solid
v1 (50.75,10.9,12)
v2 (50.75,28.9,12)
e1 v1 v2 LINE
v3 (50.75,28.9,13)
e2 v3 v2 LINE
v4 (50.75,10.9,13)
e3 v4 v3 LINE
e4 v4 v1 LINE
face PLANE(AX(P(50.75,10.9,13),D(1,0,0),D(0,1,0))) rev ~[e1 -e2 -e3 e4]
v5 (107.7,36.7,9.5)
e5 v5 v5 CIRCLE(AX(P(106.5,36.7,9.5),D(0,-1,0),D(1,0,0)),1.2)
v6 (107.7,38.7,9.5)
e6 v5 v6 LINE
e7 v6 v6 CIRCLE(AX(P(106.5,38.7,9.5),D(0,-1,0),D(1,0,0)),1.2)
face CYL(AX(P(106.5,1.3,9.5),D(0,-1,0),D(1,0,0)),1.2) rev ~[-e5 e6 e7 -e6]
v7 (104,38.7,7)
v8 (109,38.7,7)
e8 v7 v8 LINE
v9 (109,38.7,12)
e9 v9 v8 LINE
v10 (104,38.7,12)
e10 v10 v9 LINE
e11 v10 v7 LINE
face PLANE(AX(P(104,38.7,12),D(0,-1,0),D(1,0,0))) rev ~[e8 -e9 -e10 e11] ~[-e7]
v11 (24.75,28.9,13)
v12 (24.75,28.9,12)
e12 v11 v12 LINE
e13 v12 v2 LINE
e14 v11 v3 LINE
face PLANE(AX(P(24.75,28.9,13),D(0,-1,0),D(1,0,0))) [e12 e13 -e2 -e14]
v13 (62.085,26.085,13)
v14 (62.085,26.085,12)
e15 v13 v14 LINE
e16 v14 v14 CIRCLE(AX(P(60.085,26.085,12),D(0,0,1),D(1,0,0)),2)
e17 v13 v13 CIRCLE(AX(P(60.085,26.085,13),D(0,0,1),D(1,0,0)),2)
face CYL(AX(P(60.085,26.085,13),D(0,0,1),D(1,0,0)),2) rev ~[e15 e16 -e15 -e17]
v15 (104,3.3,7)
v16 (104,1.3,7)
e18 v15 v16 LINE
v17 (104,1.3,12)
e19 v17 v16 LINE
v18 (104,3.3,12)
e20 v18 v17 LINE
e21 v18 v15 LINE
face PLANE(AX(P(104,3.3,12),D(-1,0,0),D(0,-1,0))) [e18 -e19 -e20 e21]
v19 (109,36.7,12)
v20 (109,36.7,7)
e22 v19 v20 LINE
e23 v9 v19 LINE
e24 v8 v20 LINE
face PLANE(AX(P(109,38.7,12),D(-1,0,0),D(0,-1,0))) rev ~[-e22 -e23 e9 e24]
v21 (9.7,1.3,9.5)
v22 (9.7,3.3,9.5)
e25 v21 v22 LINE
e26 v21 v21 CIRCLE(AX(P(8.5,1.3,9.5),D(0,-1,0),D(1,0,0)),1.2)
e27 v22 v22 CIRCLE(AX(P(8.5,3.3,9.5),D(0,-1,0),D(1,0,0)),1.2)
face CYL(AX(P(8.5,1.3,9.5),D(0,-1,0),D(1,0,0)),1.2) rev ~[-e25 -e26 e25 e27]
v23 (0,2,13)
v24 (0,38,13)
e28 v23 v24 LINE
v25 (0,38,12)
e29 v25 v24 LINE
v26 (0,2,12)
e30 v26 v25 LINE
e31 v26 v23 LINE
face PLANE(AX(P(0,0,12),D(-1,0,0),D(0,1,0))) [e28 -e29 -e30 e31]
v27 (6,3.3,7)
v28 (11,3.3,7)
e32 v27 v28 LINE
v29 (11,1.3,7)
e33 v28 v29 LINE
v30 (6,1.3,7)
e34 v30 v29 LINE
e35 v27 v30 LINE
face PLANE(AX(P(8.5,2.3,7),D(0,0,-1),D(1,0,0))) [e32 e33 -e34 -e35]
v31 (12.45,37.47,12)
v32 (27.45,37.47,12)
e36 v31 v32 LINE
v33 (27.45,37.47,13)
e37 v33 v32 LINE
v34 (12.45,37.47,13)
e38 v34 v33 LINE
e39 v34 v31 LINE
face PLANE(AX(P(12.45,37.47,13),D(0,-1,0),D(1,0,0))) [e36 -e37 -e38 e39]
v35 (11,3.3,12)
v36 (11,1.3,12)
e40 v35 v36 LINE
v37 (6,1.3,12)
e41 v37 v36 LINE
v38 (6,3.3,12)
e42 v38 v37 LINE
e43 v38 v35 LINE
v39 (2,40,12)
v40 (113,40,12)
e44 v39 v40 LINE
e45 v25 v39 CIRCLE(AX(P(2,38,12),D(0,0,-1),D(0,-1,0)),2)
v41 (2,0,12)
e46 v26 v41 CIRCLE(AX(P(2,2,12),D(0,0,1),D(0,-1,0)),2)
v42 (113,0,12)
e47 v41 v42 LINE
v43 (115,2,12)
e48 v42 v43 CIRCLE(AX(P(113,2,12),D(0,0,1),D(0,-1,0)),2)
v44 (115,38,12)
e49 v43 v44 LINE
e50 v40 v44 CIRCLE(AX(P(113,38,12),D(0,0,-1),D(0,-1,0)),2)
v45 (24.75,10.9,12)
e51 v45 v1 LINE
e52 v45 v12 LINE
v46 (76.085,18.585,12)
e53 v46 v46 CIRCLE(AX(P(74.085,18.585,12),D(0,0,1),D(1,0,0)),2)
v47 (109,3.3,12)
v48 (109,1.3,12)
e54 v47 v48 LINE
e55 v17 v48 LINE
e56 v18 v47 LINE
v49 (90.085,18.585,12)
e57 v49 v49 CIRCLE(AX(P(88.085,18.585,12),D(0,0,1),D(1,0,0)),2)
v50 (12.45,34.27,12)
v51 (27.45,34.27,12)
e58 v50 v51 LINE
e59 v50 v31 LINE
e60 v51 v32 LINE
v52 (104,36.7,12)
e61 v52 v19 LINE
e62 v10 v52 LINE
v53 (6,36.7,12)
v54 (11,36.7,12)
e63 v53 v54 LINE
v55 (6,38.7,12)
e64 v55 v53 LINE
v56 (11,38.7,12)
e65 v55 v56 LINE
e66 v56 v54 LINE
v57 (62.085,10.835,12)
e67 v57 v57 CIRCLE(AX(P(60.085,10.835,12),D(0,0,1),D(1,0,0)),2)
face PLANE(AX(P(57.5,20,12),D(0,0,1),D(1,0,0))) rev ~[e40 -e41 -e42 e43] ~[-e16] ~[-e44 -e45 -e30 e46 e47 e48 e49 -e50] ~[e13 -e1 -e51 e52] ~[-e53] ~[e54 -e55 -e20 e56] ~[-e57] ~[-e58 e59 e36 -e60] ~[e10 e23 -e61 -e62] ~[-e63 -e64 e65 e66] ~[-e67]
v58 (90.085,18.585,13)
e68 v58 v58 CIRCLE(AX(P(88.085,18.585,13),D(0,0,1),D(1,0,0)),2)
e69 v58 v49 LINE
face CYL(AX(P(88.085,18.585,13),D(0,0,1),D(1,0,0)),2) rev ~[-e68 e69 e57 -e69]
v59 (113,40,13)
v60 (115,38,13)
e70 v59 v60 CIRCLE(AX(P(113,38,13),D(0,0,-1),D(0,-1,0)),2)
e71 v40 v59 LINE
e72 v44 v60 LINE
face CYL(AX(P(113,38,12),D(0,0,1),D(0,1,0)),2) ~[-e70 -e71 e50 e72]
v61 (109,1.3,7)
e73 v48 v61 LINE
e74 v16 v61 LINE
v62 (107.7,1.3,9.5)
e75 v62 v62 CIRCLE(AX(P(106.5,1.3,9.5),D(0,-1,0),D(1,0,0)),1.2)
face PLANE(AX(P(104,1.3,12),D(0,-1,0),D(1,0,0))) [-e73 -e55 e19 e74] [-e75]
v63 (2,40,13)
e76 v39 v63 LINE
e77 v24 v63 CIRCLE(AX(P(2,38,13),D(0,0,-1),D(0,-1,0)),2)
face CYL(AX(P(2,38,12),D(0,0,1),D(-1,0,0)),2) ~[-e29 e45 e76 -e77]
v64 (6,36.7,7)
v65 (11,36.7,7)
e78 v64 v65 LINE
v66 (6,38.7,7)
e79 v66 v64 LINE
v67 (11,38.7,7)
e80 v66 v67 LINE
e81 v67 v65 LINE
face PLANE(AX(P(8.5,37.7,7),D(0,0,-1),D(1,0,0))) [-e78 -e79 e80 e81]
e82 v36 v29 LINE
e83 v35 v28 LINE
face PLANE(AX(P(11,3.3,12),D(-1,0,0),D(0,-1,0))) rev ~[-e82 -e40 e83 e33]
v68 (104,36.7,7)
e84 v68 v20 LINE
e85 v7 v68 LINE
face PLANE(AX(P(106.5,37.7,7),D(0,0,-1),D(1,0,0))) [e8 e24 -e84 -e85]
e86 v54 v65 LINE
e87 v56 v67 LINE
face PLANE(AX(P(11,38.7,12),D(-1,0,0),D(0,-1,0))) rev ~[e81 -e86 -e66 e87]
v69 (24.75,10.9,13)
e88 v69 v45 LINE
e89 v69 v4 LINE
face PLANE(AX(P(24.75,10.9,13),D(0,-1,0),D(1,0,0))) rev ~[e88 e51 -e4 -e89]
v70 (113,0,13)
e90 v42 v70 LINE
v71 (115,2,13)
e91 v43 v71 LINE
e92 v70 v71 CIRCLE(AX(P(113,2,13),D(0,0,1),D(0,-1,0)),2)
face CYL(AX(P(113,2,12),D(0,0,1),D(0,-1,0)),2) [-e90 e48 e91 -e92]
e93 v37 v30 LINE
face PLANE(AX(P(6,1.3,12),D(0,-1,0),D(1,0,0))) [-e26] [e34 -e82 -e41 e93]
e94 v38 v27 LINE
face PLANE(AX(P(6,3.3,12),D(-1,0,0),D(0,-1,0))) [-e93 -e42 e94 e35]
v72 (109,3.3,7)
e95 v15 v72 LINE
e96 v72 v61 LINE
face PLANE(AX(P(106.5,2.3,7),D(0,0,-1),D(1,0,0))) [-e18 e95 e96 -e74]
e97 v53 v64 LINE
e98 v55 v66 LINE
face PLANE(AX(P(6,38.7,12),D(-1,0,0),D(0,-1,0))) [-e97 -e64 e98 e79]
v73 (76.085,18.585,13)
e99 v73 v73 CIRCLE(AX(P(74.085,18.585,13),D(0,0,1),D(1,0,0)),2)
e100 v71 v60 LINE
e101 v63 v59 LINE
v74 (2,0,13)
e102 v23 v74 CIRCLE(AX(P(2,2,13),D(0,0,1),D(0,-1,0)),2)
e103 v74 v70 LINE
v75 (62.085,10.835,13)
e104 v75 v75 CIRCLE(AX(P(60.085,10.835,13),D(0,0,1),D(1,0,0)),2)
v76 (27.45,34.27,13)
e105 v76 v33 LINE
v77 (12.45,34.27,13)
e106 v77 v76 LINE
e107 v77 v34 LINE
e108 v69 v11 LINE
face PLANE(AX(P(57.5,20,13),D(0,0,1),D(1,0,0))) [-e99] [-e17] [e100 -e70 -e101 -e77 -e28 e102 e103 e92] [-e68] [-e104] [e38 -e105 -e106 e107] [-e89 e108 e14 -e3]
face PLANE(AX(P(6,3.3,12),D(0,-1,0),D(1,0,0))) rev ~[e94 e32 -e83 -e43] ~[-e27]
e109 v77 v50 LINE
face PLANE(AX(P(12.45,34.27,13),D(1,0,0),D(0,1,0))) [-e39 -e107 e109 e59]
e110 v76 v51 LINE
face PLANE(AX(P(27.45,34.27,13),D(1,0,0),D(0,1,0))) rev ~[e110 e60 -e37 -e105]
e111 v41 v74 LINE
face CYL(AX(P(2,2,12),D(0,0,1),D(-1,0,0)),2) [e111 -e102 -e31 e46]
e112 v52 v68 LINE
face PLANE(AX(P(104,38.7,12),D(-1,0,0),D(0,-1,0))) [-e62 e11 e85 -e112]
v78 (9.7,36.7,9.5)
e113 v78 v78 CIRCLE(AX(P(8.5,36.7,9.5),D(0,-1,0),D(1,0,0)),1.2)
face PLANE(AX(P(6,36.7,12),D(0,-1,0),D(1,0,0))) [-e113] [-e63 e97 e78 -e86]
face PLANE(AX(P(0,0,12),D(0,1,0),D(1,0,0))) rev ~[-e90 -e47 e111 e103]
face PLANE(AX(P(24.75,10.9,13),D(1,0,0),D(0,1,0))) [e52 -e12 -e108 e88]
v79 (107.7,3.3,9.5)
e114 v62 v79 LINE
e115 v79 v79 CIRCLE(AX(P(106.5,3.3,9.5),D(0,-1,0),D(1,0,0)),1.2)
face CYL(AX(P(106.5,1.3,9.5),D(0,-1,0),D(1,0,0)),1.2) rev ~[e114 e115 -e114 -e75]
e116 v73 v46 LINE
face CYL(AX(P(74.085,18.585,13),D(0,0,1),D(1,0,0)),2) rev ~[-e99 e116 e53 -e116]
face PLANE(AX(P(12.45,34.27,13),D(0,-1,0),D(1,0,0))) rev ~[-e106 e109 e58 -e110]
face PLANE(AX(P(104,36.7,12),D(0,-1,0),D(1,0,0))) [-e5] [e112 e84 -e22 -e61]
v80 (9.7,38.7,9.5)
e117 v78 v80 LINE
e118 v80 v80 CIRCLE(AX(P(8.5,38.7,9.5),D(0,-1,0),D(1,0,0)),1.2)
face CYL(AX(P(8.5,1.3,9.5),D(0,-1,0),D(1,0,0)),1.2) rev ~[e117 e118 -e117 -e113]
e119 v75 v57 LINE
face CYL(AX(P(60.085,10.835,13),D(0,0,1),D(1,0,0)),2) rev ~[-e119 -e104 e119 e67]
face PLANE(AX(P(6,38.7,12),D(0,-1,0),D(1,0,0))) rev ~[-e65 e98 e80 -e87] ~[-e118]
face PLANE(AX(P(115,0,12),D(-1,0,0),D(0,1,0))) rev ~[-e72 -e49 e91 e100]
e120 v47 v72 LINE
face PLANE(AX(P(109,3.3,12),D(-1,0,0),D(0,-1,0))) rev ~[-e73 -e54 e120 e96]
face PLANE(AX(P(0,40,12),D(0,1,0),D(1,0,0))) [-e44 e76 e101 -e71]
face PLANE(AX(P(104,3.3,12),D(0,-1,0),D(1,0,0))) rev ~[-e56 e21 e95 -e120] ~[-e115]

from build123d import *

# Parameters (mm, degrees)
SKETCH005_W     = 115
SKETCH005_H     = 40
PAD002_DEPTH    = 1
SKETCH006_W     = 5
SKETCH006_H     = 2
PAD003_DEPTH    = 5
SKETCH007_R     = 2
POCKET002_DEPTH = 5
SKETCH008_W     = 26
SKETCH008_H     = 18
POCKET003_DEPTH = 5
SKETCH009_W     = 15
SKETCH009_H     = 3.2
POCKET004_DEPTH = 5
SKETCH010_R     = 1.2
POCKET005_DEPTH = 38.701
FILLET002_R     = 2


with BuildPart() as part:
    # Sketch005 → Pad002 (new body)
    with BuildSketch(Plane.XY):
        with Locations((57.5, 20)):
            Rectangle(SKETCH005_W, SKETCH005_H)
    extrude(amount=PAD002_DEPTH)

    # Sketch006 → Pad003 (join)
    with BuildSketch(Plane(origin=(0, 0, 0), x_dir=(1, 0, 0), z_dir=(0, 0, -1))):
        with Locations((8.5, -2.3)):
            Rectangle(SKETCH006_W, SKETCH006_H)
        with Locations((106.5, -2.3)):
            Rectangle(SKETCH006_W, SKETCH006_H)
        with Locations((106.5, -37.7)):
            Rectangle(SKETCH006_W, SKETCH006_H)
        with Locations((8.5, -37.7)):
            Rectangle(SKETCH006_W, SKETCH006_H)
    extrude(amount=PAD003_DEPTH)

    # Sketch007 (on Face5 of Pad003) → Pocket002 (cut)
    with BuildSketch(Plane.XY.offset(1)):
        with Locations((60.085, 10.835)):
            Circle(SKETCH007_R)
        with Locations((60.085, 26.085)):
            Circle(SKETCH007_R)
        with Locations((74.085, 18.585)):
            Circle(SKETCH007_R)
        with Locations((88.085, 18.585)):
            Circle(SKETCH007_R)
    extrude(amount=-POCKET002_DEPTH, mode=Mode.SUBTRACT)

    # Sketch008 (on Face5 of Pocket002) → Pocket003 (cut)
    with BuildSketch(Plane.XY.offset(1)):
        with Locations((37.75, 19.9)):
            Rectangle(SKETCH008_W, SKETCH008_H)
    extrude(amount=-POCKET003_DEPTH, mode=Mode.SUBTRACT)

    # Sketch009 (on Face5 of Pocket003) → Pocket004 (cut)
    with BuildSketch(Plane.XY.offset(1)):
        with Locations((19.95, 35.87)):
            Rectangle(SKETCH009_W, SKETCH009_H)
    extrude(amount=-POCKET004_DEPTH, mode=Mode.SUBTRACT)

    # Sketch010 (on Face7 of Pocket004) → Pocket005 (cut, through all)
    with BuildSketch(Plane.XZ.offset(-1.3)):
        with Locations((8.5, -2.5)):
            Circle(SKETCH010_R)
        with Locations((106.5, -2.5)):
            Circle(SKETCH010_R)
    extrude(amount=-POCKET005_DEPTH, mode=Mode.SUBTRACT)

    # Fillet002
    fillet002_edges = [part.edges().sort_by_distance(p)[0] for p in [
        (0, 0, 0.5),
        (115, 0, 0.5),
        (115, 40, 0.5),
        (0, 40, 0.5),
    ]]
    fillet(fillet002_edges, radius=FILLET002_R)


with BuildPart() as part_1:
    # Body001 placement: moved
    add(part.part.moved(Location((0, 0, 12))))


solid = part_1.part
